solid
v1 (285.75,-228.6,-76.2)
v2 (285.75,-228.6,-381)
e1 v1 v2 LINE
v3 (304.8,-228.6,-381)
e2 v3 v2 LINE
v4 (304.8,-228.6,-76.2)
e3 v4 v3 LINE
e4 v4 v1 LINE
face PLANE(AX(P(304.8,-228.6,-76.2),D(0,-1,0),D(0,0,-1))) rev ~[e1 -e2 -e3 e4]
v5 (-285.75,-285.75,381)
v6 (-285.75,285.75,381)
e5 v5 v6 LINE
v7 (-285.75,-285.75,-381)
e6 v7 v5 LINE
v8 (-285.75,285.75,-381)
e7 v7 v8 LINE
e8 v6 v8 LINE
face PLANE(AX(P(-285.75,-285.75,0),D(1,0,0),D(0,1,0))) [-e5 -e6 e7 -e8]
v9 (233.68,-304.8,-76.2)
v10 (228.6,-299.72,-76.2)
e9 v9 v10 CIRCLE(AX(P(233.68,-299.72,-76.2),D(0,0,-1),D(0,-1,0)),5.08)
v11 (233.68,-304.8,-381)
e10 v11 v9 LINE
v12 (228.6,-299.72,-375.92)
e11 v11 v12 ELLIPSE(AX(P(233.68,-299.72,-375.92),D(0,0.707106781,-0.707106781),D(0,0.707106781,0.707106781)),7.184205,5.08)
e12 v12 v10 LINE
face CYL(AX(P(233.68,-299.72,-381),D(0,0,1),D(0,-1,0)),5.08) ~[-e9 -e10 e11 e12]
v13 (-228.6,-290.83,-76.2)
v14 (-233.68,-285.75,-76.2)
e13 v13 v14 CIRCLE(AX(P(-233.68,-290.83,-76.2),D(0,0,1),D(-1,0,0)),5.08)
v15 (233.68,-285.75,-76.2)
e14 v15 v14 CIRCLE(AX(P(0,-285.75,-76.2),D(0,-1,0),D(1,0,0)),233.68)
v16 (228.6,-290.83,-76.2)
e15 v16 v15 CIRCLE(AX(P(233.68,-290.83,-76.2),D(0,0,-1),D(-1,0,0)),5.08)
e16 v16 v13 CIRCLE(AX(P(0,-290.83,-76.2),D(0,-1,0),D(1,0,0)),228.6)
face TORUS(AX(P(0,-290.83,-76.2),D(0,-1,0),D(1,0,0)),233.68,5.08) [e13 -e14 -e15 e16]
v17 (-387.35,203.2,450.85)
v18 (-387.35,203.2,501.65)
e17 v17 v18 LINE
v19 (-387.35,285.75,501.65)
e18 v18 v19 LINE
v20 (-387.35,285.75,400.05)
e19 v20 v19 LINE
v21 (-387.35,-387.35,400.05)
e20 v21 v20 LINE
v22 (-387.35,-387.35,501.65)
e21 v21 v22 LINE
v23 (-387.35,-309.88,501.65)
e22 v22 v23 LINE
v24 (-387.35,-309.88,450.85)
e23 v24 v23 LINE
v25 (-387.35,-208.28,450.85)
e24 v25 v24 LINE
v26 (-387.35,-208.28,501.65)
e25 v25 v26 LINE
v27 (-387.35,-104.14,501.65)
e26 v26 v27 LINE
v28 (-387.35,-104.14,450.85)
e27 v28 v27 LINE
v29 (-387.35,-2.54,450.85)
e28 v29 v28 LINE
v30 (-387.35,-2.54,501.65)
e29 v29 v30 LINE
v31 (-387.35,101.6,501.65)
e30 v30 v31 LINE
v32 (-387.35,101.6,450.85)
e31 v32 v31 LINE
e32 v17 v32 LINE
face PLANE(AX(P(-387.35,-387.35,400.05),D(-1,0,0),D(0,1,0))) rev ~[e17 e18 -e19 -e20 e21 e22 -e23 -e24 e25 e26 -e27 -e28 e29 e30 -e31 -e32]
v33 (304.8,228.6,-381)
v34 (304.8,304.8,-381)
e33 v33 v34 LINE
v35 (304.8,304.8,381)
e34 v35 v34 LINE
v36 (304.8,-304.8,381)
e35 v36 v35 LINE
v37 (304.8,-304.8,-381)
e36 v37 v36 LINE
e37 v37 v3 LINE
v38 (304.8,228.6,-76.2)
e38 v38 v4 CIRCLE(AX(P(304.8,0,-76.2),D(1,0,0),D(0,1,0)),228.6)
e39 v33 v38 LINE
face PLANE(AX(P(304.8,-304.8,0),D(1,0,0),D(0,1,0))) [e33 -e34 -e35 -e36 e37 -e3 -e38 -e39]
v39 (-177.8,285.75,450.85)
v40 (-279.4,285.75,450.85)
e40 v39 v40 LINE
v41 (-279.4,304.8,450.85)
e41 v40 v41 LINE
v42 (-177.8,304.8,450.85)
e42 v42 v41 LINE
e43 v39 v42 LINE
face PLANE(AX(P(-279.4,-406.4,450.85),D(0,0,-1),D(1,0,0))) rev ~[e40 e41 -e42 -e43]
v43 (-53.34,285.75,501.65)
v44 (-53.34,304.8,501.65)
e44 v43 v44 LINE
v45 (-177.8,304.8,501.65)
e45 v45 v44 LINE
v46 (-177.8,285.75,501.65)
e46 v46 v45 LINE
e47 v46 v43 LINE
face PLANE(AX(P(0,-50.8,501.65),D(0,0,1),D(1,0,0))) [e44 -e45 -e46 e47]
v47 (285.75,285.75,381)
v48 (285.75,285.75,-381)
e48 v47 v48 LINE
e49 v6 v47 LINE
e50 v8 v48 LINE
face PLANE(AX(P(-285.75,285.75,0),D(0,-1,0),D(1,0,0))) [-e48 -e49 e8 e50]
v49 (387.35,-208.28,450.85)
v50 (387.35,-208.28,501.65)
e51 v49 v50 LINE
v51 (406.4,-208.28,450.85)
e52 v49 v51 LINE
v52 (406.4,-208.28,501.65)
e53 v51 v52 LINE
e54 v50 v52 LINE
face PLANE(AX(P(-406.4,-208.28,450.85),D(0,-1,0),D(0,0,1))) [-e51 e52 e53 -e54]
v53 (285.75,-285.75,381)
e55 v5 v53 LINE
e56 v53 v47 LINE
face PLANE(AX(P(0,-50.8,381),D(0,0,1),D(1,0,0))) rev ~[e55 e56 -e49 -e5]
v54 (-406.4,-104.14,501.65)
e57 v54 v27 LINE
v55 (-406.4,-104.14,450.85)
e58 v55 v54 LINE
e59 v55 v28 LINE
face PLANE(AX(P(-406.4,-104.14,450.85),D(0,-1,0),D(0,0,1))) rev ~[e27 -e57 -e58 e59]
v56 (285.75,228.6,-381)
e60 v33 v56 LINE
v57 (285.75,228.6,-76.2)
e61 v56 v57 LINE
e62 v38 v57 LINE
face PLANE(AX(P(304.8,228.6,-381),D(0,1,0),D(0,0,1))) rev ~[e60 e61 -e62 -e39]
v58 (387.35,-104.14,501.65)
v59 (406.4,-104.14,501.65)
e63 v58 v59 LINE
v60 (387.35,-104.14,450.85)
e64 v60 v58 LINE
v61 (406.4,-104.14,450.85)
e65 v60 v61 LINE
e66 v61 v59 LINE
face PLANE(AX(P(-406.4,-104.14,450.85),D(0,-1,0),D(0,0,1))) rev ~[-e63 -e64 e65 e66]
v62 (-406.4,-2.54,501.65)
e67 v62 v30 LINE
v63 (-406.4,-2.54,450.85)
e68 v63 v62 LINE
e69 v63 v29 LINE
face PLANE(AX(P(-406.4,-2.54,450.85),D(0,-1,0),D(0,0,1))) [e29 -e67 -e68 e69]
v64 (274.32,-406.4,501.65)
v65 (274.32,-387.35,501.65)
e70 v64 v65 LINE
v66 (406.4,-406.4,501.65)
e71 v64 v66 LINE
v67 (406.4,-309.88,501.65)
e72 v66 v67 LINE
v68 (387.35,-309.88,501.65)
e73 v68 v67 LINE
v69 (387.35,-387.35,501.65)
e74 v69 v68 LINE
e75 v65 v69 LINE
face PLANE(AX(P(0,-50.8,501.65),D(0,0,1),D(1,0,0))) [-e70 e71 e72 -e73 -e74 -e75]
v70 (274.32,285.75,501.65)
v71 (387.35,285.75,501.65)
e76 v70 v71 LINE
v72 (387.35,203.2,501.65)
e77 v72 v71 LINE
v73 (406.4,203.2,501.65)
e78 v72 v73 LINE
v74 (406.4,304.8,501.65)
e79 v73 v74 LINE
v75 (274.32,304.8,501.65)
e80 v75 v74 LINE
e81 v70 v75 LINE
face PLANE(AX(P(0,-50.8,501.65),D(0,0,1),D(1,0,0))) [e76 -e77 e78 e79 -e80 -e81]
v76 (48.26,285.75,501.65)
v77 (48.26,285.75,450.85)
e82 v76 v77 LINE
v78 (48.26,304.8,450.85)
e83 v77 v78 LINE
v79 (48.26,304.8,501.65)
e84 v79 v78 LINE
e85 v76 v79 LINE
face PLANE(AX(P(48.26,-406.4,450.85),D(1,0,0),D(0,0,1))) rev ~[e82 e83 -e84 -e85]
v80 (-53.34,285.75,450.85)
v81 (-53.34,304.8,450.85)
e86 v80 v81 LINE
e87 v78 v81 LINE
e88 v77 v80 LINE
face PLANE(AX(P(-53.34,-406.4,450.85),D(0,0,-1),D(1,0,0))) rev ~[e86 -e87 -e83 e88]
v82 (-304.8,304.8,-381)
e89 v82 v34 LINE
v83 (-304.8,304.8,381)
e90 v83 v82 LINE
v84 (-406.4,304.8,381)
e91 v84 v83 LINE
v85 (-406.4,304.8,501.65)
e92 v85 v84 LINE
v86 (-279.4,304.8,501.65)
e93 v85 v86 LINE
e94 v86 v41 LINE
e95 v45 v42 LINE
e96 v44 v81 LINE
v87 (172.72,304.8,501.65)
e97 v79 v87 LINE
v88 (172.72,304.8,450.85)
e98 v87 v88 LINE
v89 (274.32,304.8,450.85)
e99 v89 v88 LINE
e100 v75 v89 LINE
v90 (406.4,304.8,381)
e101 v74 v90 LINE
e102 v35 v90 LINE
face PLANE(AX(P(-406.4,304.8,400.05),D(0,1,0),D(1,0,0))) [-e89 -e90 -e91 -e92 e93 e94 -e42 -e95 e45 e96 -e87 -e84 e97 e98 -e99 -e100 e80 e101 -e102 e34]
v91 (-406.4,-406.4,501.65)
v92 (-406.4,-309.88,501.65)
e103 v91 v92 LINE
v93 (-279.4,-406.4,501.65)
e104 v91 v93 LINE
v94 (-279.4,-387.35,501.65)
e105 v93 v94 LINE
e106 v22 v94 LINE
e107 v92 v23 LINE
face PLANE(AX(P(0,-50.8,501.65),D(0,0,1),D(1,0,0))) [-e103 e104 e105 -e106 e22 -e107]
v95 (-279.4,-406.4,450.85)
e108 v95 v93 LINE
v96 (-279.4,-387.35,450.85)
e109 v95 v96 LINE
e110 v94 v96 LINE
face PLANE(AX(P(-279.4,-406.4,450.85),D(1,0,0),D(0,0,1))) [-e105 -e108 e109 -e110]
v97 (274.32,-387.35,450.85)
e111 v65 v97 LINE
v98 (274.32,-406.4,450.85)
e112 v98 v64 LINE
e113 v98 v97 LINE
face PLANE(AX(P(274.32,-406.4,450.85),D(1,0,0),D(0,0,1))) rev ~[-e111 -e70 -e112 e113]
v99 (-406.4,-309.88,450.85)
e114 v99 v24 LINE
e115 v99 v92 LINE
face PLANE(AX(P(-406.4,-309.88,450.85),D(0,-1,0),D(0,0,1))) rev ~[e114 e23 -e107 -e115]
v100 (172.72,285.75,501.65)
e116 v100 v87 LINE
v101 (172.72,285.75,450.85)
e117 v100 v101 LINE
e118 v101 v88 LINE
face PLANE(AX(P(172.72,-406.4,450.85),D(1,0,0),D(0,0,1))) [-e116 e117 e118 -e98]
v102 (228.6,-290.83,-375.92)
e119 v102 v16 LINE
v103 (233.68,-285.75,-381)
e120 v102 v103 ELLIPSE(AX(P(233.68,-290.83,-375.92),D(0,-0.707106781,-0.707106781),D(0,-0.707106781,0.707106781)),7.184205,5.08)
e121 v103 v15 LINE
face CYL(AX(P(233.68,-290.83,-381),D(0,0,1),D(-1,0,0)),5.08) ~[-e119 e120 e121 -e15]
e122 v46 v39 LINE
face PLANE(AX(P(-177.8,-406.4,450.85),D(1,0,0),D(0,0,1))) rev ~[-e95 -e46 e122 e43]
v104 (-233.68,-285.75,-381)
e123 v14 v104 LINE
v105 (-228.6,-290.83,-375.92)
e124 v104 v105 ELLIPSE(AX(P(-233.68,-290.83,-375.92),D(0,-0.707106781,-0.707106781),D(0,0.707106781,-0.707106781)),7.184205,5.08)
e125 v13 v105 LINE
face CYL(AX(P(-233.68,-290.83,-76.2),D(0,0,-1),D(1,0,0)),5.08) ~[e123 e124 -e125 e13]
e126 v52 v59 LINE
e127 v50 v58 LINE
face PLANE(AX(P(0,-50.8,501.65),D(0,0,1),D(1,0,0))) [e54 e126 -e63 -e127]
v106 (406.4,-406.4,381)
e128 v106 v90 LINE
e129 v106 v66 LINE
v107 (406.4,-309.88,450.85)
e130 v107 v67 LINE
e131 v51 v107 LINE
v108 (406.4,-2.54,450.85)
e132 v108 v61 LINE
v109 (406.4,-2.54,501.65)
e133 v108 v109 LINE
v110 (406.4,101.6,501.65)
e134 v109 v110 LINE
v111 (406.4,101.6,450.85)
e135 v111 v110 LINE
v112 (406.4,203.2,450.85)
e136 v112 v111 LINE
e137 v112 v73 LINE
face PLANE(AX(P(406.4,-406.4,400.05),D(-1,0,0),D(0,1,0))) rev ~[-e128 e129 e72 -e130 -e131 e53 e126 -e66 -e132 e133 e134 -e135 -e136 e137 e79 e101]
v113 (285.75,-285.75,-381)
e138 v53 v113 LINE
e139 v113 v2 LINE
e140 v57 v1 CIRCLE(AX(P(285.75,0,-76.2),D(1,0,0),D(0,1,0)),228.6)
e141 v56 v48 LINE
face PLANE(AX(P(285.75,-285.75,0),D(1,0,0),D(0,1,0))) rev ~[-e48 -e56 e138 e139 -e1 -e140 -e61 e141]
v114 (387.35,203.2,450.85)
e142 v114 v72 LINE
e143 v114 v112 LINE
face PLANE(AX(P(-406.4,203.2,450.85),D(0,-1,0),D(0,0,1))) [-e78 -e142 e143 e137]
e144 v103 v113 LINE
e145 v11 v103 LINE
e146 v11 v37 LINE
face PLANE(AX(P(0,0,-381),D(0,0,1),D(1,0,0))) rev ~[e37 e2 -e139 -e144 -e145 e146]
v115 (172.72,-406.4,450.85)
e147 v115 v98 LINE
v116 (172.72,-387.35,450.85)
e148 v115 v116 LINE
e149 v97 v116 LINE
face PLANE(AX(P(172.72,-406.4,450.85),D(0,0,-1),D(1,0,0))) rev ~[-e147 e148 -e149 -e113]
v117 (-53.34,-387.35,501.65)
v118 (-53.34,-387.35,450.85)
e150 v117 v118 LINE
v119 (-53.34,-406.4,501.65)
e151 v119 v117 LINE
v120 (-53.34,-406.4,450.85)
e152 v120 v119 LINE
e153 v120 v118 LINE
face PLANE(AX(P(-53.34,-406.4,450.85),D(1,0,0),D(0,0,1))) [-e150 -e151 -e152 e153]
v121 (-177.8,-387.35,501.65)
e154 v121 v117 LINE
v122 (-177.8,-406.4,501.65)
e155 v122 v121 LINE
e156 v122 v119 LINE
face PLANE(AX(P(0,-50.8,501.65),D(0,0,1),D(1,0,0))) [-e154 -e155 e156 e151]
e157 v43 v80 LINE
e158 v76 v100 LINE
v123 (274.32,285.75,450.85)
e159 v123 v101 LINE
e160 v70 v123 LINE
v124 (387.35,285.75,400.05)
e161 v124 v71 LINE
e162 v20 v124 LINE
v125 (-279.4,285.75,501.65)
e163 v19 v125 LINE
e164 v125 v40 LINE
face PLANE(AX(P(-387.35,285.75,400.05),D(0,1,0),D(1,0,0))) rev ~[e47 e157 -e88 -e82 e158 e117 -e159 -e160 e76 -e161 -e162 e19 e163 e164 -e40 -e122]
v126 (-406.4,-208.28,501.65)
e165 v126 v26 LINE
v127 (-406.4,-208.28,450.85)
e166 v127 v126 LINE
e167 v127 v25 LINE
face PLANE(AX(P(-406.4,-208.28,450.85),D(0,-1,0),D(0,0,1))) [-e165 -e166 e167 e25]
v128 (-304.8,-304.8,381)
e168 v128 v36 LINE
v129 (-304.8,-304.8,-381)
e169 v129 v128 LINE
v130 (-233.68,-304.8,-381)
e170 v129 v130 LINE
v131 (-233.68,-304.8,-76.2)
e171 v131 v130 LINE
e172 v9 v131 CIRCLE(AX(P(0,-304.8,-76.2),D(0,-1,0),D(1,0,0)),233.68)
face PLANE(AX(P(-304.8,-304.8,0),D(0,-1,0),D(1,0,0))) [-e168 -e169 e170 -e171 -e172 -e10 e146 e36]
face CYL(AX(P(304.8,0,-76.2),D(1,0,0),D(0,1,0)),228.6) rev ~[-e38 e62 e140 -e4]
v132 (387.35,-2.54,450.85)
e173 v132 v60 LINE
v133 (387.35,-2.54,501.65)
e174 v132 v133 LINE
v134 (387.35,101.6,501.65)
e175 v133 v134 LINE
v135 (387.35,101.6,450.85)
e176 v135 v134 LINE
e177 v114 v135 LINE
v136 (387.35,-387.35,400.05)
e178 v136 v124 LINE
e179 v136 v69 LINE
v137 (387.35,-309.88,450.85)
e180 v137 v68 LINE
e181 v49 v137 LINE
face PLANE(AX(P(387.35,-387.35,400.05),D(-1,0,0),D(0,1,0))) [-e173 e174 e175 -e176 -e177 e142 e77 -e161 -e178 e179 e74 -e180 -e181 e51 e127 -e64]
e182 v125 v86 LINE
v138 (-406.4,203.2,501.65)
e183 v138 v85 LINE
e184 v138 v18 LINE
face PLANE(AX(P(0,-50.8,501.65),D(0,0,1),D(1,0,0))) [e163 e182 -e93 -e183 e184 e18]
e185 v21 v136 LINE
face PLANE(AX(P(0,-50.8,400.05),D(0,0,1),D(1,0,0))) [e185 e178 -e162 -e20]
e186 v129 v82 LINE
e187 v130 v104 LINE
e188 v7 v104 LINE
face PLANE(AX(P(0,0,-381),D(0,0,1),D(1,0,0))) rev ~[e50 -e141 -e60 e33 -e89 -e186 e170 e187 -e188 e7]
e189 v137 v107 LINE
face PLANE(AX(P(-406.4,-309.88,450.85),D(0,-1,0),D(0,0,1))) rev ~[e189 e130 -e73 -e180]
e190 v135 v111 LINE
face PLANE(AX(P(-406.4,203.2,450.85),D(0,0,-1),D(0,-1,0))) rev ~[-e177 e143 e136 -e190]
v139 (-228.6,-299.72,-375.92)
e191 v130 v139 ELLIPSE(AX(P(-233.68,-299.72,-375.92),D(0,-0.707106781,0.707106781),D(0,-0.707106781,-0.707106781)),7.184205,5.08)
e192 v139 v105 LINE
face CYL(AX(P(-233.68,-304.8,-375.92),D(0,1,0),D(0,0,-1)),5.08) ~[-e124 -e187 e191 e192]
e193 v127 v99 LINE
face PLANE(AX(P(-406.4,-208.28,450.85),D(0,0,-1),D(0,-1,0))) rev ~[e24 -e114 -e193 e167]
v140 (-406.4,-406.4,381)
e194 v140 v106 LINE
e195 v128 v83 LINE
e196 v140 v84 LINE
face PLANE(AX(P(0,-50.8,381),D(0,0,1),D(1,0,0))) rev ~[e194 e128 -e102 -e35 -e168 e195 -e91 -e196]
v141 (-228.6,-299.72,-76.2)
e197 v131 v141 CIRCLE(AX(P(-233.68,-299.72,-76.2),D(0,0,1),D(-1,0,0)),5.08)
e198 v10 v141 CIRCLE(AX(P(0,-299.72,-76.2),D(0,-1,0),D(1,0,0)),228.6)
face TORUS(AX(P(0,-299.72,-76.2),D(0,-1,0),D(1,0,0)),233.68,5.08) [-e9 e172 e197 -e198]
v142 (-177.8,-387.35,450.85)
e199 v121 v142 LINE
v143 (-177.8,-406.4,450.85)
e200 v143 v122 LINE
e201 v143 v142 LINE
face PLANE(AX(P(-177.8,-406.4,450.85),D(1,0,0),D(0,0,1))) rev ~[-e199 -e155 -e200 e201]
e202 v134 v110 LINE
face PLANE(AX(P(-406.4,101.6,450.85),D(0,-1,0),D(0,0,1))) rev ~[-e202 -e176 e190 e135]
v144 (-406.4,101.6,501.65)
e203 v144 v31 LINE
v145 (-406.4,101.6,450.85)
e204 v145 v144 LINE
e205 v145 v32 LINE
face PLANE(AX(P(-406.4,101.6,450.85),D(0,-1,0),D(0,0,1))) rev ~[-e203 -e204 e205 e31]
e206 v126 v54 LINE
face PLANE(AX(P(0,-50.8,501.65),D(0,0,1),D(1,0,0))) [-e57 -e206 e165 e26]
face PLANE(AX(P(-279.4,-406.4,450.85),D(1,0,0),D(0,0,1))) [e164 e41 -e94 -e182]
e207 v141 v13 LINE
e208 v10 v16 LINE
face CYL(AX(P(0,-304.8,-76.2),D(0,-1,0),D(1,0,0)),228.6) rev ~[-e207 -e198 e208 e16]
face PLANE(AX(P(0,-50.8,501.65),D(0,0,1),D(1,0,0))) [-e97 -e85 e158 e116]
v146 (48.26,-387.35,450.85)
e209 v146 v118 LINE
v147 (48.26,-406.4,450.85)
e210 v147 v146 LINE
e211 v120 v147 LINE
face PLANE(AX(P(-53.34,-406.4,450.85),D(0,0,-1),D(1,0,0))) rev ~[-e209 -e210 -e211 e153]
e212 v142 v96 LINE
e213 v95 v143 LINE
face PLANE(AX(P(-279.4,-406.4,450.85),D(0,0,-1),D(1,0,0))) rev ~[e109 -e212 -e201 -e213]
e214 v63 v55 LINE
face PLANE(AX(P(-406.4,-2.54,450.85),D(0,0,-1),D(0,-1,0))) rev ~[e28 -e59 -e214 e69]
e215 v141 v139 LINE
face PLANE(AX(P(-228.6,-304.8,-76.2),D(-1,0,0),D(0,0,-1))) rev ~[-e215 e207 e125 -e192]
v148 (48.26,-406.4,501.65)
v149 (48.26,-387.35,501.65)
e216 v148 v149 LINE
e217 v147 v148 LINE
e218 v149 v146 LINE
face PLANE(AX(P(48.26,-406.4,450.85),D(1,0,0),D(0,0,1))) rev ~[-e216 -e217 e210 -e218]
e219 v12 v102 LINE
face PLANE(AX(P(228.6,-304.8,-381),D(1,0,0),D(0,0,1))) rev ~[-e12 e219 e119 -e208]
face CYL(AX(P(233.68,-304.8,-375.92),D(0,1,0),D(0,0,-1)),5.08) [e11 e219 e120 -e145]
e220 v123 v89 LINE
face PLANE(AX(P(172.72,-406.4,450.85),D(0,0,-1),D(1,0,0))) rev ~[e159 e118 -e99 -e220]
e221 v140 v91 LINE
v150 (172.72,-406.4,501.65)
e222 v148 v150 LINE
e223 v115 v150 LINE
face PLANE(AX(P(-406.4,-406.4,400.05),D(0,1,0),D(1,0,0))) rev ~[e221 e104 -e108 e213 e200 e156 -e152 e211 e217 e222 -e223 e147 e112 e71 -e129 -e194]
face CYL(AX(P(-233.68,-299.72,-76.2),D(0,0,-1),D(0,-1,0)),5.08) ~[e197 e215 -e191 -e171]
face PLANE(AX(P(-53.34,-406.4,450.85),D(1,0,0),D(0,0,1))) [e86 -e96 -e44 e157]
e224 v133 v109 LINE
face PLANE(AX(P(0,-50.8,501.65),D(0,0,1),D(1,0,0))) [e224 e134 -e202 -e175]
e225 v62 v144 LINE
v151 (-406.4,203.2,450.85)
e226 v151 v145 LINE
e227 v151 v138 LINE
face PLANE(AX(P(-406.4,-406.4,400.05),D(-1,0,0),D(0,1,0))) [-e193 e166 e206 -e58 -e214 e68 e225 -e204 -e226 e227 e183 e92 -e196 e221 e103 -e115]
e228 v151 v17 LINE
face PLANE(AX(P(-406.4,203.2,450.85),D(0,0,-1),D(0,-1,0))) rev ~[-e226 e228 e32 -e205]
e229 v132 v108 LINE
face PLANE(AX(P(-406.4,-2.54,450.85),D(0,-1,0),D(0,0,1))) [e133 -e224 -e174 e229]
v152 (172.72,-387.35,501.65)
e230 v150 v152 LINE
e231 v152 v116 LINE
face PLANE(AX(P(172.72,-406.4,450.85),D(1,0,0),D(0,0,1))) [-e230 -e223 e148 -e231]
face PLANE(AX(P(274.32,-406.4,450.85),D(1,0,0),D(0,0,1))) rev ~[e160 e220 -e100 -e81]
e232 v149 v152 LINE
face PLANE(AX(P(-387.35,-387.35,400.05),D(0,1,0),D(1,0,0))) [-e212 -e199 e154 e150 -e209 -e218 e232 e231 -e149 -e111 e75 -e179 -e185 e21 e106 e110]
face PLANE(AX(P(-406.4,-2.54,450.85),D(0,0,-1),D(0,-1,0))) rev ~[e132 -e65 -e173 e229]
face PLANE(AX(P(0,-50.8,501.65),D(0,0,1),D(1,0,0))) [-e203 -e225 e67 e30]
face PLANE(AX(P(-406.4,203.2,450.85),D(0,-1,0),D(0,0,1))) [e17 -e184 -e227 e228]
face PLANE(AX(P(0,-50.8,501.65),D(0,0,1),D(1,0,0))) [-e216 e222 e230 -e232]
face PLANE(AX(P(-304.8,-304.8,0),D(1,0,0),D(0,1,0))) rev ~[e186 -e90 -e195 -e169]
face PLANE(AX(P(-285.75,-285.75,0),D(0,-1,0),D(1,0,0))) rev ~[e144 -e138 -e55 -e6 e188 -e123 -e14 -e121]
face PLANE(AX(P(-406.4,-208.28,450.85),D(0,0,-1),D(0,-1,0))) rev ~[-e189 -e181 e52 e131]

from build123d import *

# Parameters (mm, degrees)
F0_W      = 609.6
F0_H      = 609.6
F0_W_2    = 571.5
F0_H_2    = 571.5
F1_DEPTH  = 381
F3_DEPTH  = 25.4
F5_DEPTH  = 25.4
F6_R      = 5.08
F7_W      = 812.8
F7_H      = 711.2
F8_DEPTH  = 19.05
F9_W      = 812.8
F9_H      = 711.2
F9_W_2    = 774.7
F9_H_2    = 673.1
F10_DEPTH = 101.6
F11_W     = 101.6
F11_H     = 50.8
F12_DEPTH = 711.201
F13_W     = 101.6
F13_H     = 50.8
F14_DEPTH = 812.801


with BuildPart() as f1:
    # F0 (on Top) → F1 (new body, symmetric)
    with BuildSketch(Plane.XY):
        Rectangle(F0_W, F0_H)
        Rectangle(F0_W_2, F0_H_2, mode=Mode.SUBTRACT)
    extrude(amount=F1_DEPTH, both=True)

    # F2 (on face) → F3 (cut)
    with BuildSketch(Plane.XZ.offset(304.8)):
        with BuildLine():
            Line((-228.6, -76.2), (-228.6, -381))
            Line((-228.6, -381), (228.6, -381))
            Line((228.6, -381), (228.6, -76.2))
            ThreePointArc((228.6, -76.2), (0, 152.4), (-228.6, -76.2))
        make_face()
    extrude(amount=-F3_DEPTH, mode=Mode.SUBTRACT)

    # F4 (on face) → F5 (cut)
    with BuildSketch(Plane.YZ.offset(304.8)):
        with BuildLine():
            Line((-228.6, -76.2), (-228.6, -381))
            Line((-228.6, -381), (228.6, -381))
            Line((228.6, -381), (228.6, -76.2))
            ThreePointArc((228.6, -76.2), (0, 152.4), (-228.6, -76.2))
        make_face()
    extrude(amount=-F5_DEPTH, mode=Mode.SUBTRACT)

    # F6
    f6_edges = [f1.edges().sort_by_distance(p)[0] for p in [
        (-228.6, -304.8, -228.6),
        (-228.6, -295.275, -381),
        (-228.6, -285.75, -228.6),
        (-228.6, -295.275, -76.2),
        (0, -304.8, 152.4),
        (0, -285.75, 152.4),
        (228.6, -295.275, -76.2),
        (228.6, -304.8, -228.6),
        (228.6, -285.75, -228.6),
        (228.6, -295.275, -381),
    ]]
    fillet(f6_edges, radius=F6_R)

    # F7 (on face) → F8 (join)
    with BuildSketch(Plane.XY.offset(381)):
        with Locations((0, -50.8)):
            Rectangle(F7_W, F7_H)
    extrude(amount=F8_DEPTH)

    # F9 (on face) → F10 (join)
    with BuildSketch(Plane.XY.offset(400.05)):
        with Locations((0, -50.8)):
            Rectangle(F9_W, F9_H)
        with Locations((0, -50.8)):
            Rectangle(F9_W_2, F9_H_2, mode=Mode.SUBTRACT)
    extrude(amount=F10_DEPTH)

    # F11 (on face) → F12 (cut, through all)
    with BuildSketch(Plane.XZ.offset(406.4)):
        with Locations((-228.6, 476.25)):
            Rectangle(F11_W, F11_H)
        with Locations((-2.54, 476.25)):
            Rectangle(F11_W, F11_H)
        with Locations((223.52, 476.25)):
            Rectangle(F11_W, F11_H)
    extrude(amount=-F12_DEPTH, mode=Mode.SUBTRACT)

    # F13 (on face) → F14 (cut, through all)
    with BuildSketch(Plane(origin=(-406.4, 0, 0), x_dir=(0, -1, 0), z_dir=(-1, 0, 0))):
        with Locations((-152.4, 476.25)):
            Rectangle(F13_W, F13_H)
        with Locations((53.34, 476.25)):
            Rectangle(F13_W, F13_H)
        with Locations((259.08, 476.25)):
            Rectangle(F13_W, F13_H)
    extrude(amount=-F14_DEPTH, mode=Mode.SUBTRACT)


solid = f1.part
